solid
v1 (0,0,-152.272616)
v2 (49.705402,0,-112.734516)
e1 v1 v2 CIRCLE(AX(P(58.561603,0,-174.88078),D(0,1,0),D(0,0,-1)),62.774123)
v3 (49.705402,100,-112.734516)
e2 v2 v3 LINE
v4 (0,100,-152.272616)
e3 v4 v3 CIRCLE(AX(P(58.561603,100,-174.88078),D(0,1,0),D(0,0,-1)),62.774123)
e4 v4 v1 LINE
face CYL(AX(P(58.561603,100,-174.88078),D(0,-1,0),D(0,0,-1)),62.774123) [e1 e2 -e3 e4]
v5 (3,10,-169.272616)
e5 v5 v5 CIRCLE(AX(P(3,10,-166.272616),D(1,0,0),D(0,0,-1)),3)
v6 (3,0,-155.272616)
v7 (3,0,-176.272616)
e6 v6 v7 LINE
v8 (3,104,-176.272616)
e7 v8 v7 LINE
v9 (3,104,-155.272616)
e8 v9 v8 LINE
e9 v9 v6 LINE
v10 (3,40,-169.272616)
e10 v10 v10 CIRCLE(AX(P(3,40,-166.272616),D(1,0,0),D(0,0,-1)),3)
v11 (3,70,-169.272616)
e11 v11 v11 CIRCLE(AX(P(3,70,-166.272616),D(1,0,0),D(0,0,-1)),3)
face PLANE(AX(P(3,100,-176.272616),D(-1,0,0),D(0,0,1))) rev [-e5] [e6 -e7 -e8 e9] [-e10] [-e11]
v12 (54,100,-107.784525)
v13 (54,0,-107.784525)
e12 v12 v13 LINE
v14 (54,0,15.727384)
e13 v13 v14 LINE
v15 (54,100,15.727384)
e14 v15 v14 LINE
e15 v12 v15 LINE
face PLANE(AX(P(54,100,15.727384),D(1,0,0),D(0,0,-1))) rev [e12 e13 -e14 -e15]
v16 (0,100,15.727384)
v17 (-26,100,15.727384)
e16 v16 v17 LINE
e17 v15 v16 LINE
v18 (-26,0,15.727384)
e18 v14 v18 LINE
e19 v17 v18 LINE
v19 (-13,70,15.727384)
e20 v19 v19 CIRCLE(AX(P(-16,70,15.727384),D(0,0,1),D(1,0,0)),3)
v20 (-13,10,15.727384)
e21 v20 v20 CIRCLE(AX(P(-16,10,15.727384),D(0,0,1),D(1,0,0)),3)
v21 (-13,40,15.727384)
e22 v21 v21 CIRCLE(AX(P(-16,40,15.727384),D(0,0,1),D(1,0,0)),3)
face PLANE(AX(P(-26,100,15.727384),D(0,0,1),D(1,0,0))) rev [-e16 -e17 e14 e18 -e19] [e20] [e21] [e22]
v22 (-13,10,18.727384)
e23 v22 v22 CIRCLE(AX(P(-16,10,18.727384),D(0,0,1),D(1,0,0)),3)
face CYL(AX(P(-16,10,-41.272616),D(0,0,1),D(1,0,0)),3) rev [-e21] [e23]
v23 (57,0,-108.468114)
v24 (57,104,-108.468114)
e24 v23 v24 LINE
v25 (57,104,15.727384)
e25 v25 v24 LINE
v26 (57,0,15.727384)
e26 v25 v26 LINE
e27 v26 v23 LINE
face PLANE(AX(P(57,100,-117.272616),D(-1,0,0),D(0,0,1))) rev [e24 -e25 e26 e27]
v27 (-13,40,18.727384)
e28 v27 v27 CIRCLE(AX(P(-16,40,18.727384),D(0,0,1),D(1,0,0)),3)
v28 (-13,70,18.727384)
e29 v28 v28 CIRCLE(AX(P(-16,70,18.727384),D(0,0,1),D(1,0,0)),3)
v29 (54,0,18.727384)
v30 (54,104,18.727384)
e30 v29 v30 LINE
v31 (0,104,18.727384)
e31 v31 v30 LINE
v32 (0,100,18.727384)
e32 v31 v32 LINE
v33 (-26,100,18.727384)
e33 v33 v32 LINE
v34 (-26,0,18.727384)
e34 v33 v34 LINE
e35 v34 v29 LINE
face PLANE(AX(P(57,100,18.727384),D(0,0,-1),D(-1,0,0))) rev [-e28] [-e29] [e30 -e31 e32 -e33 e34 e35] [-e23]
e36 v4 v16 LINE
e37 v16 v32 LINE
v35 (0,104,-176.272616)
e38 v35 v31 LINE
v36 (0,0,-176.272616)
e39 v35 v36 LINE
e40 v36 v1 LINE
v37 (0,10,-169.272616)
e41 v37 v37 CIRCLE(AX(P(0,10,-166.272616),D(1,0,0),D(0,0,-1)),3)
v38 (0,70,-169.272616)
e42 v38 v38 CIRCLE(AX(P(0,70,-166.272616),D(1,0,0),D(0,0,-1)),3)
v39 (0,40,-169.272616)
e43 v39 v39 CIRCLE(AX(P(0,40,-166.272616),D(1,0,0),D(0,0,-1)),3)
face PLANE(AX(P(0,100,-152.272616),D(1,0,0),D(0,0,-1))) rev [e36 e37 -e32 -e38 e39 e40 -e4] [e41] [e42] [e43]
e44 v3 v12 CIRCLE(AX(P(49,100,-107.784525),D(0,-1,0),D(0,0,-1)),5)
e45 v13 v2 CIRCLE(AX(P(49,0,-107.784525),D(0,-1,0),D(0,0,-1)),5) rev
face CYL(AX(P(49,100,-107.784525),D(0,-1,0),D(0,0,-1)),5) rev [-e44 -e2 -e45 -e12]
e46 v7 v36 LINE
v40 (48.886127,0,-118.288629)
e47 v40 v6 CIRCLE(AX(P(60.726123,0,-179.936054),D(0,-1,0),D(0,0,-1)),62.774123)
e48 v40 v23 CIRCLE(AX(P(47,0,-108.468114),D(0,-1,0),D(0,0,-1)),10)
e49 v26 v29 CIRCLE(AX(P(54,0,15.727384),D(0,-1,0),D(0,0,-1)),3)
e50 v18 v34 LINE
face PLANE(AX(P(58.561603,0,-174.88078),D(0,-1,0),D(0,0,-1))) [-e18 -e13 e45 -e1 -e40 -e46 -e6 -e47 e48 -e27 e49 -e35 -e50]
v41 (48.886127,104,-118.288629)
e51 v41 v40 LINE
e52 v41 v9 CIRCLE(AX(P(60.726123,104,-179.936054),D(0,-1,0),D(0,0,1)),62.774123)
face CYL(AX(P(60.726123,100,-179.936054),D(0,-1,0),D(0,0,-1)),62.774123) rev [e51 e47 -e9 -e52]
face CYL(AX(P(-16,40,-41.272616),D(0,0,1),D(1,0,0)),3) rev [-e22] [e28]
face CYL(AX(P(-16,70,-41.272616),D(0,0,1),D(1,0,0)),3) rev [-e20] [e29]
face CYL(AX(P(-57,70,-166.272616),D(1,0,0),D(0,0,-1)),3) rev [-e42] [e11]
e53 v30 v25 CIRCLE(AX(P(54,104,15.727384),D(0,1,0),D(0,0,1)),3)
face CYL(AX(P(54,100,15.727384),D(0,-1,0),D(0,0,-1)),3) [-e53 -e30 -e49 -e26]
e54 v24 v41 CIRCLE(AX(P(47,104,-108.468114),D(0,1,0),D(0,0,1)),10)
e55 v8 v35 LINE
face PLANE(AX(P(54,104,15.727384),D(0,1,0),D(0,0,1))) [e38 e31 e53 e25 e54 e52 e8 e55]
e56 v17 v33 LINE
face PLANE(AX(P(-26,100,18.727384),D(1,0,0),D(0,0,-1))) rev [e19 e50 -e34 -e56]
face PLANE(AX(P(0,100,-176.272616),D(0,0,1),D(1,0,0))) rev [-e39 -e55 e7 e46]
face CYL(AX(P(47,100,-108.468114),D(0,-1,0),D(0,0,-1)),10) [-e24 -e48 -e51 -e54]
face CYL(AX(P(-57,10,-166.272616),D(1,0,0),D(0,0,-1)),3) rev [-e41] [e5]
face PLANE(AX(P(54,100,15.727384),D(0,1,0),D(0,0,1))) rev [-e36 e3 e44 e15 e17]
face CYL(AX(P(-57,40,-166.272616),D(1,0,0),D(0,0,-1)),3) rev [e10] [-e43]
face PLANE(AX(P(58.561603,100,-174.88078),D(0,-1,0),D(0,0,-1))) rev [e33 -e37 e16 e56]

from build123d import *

# Parameters (mm, degrees)
EXTRUDE_1_DEPTH     = 100
FILLET_1_R          = 10
FILLET_2_R          = 3
SKETCH_2_R          = 3
CUT_EXTRUDE_1_DEPTH = 60
SKETCH_3_R          = 3
CUT_EXTRUDE_2_DEPTH = 60
FILLET_3_R          = 5
EXTRUDE_START       = 4
EXTRUDE_2_DEPTH     = 4


with BuildPart() as part:
    # Эскиз1 → Бобышка-Вытянуть1 (new body)
    with BuildSketch(Plane(origin=(0, 0, 0), x_dir=(1, 0, 0), z_dir=(0, 1, 0))):
        with BuildLine():
            Line((0, 152.272615506), (0, 176.272615506))
            Line((0, 176.272615506), (3, 176.272615506))
            Line((3, 176.272615506), (3, 155.272615506))
            ThreePointArc((3, 155.272615506), (24.600029492, 128.598973205), (57, 117.272615506))
            Line((57, 117.272615506), (57, -18.727384494))
            Line((57, -18.727384494), (-26, -18.727384494))
            Line((-26, -18.727384494), (-26, -15.727384494))
            Line((-26, -15.727384494), (54, -15.727384494))
            Line((54, -15.727384494), (54, 112.272615506))
            ThreePointArc((54, 112.272615506), (21.19671601, 124.438182118), (0, 152.272615506))
        make_face()
    extrude(amount=EXTRUDE_1_DEPTH)

    # Скругление1
    fillet_1_edges = [part.edges().sort_by_distance(p)[0] for p in [
        (57, 50, -117.272615506),
    ]]
    fillet(fillet_1_edges, radius=FILLET_1_R)

    # Скругление2
    fillet_2_edges = [part.edges().sort_by_distance(p)[0] for p in [
        (57, 50, 18.727384494),
    ]]
    fillet(fillet_2_edges, radius=FILLET_2_R)

    # Эскиз2 → Вырез-Вытянуть1 (cut)
    with BuildSketch(Plane.XY.offset(18.727384494)):
        with Locations((-16, 70)):
            Circle(SKETCH_2_R)
        with Locations((-16, 40)):
            Circle(SKETCH_2_R)
        with Locations((-16, 10)):
            Circle(SKETCH_2_R)
    extrude(amount=-CUT_EXTRUDE_1_DEPTH, mode=Mode.SUBTRACT)

    # Эскиз3 → Вырез-Вытянуть2 (cut)
    with BuildSketch(Plane(origin=(3, 0, 0), x_dir=(0, 0, -1), z_dir=(1, 0, 0))):
        with Locations((166.272615506, 10)):
            Circle(SKETCH_3_R)
        with Locations((166.272615506, 40)):
            Circle(SKETCH_3_R)
        with Locations((166.272615506, 70)):
            Circle(SKETCH_3_R)
    extrude(amount=-CUT_EXTRUDE_2_DEPTH, mode=Mode.SUBTRACT)

    # Скругление3
    fillet_3_edges = [part.edges().sort_by_distance(p)[0] for p in [
        (54, 50, -112.272615506),
    ]]
    fillet(fillet_3_edges, radius=FILLET_3_R)

    # Эскиз4 → Бобышка-Вытянуть2 (add)
    with BuildSketch(Plane(origin=(0, 100, 0), x_dir=(1, 0, 0), z_dir=(0, 1, 0)).offset(EXTRUDE_START)):
        with BuildLine():
            Line((3, 176.272615506), (0, 176.272615506))
            Line((0, 176.272615506), (0, -18.727384494))
            Line((0, -18.727384494), (54, -18.727384494))
            ThreePointArc((54, -18.727384494), (56.121320344, -17.848704838), (57, -15.727384494))
            Line((57, -15.727384494), (57, 108.468113504))
            ThreePointArc((57, 108.468113504), (54.709126709, 114.837522062), (48.886126924, 118.288629031))
            ThreePointArc((48.886126924, 118.288629031), (21.33303931, 131.060953474), (3, 155.272615506))
            Line((3, 155.272615506), (3, 176.272615506))
        make_face()
    extrude(amount=-EXTRUDE_2_DEPTH)


solid = part.part
